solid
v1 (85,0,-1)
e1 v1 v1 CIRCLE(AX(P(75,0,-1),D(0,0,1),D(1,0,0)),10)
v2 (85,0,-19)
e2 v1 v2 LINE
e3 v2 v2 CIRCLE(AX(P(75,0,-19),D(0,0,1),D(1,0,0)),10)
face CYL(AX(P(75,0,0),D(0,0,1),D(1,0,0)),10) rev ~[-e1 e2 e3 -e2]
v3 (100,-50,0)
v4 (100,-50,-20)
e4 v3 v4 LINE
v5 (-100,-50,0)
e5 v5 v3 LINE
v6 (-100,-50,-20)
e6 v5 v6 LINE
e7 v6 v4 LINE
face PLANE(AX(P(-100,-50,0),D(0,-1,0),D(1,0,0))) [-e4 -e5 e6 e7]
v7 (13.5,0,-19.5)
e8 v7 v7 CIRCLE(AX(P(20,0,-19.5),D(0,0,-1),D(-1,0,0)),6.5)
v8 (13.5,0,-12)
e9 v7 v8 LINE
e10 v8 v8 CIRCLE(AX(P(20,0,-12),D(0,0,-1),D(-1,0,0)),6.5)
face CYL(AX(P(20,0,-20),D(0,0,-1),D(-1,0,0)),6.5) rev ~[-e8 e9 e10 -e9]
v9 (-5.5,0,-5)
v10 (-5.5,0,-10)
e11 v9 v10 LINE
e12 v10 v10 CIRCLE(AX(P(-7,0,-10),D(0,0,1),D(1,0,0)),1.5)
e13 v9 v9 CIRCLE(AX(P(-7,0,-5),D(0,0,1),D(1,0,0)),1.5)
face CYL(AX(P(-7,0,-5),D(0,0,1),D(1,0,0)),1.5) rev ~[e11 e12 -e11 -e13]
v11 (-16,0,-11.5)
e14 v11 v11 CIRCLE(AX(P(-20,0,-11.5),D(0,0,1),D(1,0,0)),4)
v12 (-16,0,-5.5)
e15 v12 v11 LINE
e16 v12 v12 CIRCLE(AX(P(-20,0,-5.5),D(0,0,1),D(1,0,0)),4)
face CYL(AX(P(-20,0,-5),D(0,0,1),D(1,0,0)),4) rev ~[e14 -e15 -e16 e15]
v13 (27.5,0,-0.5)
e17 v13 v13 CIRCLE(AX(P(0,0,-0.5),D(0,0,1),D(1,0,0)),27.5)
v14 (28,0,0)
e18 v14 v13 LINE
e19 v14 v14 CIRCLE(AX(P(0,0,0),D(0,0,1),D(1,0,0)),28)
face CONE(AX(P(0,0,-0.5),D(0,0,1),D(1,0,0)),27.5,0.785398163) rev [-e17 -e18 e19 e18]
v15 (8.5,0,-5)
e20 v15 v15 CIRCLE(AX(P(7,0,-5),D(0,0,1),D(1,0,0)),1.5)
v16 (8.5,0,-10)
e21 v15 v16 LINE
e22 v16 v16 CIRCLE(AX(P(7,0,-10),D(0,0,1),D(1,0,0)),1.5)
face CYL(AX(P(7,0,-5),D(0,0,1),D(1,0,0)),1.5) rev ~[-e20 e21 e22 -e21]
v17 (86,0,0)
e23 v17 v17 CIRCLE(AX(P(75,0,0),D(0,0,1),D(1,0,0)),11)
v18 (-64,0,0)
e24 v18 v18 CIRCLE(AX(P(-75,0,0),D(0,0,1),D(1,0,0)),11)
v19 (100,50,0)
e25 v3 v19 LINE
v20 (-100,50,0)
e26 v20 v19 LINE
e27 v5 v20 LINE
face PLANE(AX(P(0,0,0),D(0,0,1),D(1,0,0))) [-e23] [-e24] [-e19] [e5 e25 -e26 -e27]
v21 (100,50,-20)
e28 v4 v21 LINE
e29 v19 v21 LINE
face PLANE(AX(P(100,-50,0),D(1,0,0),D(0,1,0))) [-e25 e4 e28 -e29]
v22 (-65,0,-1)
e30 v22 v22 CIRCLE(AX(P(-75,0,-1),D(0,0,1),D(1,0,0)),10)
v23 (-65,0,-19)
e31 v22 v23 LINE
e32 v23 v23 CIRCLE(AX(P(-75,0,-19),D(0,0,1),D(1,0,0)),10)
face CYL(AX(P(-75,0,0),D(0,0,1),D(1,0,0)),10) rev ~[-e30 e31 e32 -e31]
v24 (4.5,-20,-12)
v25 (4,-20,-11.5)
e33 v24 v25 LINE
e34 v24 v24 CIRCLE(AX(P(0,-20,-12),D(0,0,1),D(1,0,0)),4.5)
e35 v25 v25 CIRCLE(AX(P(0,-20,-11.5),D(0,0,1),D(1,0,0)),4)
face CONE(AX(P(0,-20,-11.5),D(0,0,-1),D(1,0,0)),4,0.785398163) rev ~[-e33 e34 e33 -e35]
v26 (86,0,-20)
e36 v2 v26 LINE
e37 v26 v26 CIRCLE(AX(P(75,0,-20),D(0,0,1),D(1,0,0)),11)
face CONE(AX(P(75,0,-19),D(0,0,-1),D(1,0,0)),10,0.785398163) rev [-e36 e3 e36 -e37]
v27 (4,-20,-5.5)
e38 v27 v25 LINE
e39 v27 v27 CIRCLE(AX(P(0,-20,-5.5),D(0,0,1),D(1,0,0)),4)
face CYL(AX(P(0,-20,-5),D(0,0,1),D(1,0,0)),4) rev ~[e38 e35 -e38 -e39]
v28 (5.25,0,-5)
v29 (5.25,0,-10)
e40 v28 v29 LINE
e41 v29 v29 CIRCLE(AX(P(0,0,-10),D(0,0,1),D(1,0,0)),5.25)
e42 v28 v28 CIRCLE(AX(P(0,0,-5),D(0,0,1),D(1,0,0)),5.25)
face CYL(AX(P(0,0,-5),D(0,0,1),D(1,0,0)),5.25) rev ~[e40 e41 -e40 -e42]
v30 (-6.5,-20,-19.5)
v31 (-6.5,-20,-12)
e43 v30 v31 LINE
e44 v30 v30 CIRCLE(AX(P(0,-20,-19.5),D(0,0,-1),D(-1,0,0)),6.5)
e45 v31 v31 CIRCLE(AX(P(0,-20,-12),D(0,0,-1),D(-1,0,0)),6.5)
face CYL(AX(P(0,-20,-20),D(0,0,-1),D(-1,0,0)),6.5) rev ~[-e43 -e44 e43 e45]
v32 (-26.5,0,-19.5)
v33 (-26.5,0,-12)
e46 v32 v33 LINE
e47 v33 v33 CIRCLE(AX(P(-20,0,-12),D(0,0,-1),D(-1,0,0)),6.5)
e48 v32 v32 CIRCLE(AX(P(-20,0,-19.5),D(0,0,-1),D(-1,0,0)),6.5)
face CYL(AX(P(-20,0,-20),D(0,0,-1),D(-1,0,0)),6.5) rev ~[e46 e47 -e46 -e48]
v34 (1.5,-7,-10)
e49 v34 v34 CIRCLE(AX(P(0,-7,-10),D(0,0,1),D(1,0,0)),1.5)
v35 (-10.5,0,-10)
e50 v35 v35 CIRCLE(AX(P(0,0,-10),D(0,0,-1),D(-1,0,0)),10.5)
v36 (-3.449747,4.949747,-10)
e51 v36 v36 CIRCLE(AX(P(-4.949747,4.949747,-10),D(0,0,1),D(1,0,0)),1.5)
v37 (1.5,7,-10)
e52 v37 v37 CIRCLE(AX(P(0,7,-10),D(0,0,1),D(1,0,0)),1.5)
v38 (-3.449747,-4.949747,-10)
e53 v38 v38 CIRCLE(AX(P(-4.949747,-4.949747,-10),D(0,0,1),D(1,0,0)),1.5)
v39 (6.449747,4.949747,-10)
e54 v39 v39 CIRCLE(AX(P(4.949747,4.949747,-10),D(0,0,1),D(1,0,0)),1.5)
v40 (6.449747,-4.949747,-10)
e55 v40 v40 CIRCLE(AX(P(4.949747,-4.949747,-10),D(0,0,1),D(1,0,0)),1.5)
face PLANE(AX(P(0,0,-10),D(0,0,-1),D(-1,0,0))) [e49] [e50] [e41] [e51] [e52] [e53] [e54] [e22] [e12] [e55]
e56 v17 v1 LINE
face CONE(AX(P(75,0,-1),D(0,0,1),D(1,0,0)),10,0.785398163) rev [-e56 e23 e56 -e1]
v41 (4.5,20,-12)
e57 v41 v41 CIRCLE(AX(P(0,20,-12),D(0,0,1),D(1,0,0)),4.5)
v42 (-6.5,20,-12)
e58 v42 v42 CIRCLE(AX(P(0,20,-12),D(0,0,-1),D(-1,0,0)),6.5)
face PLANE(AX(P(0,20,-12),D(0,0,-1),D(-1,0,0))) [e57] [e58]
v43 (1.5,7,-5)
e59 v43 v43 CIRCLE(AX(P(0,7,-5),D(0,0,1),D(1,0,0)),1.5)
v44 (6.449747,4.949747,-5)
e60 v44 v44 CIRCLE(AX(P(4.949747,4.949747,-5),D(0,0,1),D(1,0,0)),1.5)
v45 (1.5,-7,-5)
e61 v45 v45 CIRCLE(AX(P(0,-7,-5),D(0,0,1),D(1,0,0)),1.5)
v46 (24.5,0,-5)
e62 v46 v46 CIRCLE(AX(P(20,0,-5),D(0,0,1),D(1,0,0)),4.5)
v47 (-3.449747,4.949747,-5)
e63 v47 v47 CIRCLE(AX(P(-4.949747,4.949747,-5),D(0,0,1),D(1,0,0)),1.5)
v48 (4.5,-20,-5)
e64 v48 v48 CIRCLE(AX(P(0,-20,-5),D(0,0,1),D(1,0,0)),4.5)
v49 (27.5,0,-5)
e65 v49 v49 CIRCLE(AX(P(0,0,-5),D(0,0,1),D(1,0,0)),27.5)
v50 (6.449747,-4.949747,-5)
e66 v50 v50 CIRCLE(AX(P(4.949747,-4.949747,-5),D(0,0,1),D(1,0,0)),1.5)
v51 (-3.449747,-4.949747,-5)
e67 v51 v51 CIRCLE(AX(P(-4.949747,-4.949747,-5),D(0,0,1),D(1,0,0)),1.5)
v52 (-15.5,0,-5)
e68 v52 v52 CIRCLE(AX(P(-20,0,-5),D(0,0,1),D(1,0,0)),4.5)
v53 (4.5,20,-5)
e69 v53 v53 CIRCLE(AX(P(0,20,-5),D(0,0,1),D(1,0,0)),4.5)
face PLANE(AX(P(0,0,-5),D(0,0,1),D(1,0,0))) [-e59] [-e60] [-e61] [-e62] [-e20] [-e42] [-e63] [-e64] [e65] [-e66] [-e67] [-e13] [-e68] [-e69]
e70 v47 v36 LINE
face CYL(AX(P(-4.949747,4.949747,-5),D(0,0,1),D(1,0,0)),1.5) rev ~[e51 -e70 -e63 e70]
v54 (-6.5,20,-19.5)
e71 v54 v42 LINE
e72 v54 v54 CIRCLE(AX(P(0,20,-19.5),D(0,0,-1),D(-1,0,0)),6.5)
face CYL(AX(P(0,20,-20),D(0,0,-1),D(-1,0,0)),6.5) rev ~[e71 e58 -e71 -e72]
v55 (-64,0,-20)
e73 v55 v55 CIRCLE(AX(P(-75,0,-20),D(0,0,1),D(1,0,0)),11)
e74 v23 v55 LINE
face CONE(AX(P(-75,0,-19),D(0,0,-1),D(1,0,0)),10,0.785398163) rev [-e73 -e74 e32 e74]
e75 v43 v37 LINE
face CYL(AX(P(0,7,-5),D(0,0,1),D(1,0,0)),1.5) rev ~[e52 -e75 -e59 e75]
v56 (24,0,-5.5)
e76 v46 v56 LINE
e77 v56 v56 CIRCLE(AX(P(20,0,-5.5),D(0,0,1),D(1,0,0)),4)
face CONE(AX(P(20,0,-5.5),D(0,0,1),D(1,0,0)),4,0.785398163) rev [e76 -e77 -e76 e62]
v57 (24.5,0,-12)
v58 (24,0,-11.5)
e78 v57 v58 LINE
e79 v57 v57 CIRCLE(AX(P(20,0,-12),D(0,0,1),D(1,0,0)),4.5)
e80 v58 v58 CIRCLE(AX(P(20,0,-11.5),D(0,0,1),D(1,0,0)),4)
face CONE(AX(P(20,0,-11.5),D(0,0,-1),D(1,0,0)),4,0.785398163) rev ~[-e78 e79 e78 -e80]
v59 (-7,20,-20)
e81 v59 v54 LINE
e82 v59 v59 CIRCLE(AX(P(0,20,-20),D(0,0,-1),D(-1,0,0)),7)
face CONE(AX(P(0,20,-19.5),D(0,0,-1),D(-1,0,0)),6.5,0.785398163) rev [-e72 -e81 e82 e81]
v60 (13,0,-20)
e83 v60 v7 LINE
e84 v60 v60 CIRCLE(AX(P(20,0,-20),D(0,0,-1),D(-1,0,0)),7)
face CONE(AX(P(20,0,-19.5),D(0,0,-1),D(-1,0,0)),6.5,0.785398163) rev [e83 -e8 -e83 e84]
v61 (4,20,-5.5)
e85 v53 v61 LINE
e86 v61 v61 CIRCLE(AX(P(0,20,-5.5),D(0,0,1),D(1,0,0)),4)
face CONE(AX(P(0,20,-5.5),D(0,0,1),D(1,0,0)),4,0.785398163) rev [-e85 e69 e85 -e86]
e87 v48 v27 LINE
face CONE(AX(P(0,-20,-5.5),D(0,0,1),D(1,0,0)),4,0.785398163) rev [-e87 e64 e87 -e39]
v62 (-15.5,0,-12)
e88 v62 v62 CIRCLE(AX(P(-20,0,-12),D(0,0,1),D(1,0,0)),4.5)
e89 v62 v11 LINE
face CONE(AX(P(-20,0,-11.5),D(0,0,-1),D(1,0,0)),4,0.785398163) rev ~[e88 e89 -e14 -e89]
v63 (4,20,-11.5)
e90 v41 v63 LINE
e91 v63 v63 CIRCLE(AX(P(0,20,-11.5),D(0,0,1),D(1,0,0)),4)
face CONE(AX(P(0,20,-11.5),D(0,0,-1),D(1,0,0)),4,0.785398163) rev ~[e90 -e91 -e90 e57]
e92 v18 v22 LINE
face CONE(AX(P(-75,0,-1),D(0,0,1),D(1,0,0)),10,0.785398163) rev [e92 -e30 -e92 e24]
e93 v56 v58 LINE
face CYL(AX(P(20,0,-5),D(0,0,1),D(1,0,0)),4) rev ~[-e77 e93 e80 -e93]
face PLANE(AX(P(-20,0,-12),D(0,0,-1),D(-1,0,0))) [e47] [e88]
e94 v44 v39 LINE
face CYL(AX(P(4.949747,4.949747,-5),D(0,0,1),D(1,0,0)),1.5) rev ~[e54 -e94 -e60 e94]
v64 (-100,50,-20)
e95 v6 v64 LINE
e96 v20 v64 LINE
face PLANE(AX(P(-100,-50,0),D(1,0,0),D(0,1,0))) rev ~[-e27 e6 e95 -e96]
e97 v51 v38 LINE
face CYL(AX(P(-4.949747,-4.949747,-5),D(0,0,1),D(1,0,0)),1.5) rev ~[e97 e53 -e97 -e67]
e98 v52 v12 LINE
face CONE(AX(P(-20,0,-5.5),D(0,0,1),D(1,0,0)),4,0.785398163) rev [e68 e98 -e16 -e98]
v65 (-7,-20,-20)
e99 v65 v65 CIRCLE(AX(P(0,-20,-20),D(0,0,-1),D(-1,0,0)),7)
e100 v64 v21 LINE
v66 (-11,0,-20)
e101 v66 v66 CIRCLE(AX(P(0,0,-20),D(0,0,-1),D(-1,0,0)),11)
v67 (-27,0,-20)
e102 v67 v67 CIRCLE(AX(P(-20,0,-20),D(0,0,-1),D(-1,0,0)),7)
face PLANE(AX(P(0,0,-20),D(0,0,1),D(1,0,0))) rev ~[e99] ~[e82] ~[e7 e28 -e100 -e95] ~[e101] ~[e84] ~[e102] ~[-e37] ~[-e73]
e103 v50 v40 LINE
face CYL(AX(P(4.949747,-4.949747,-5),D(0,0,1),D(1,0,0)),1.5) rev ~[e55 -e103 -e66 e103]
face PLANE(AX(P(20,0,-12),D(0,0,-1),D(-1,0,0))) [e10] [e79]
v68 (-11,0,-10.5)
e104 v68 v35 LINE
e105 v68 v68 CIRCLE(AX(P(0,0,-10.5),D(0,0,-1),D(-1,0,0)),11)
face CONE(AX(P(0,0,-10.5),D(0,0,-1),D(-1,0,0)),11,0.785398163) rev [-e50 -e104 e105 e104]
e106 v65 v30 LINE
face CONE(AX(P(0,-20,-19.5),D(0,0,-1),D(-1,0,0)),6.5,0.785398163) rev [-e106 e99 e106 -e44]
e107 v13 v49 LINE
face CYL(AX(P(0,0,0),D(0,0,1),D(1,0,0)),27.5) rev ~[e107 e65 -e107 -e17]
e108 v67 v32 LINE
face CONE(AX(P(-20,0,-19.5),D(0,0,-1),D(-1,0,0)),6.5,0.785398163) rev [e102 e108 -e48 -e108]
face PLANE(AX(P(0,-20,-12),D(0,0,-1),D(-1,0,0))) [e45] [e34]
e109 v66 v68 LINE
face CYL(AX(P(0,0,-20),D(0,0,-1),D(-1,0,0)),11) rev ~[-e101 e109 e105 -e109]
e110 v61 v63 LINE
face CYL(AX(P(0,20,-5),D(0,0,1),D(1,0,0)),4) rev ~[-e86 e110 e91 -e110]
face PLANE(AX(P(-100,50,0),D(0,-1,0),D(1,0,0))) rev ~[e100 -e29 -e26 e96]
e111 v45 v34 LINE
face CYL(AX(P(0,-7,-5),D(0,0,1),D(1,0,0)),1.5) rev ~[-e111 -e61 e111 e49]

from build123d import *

# Parameters (mm, degrees)
SKETCH1_W           = 200
SKETCH1_H           = 100
BOSS_EXTRUDE1_DEPTH = 20
SKETCH2_R           = 27.5
CUT_EXTRUDE1_DEPTH  = 5
SKETCH3_R           = 4
SKETCH3_R_2         = 5.25
CUT_EXTRUDE2_DEPTH  = 16
SKETCH4_R           = 6.5
CUT_EXTRUDE3_DEPTH  = 8
CHAMFER1_SIZE       = 0.5
SKETCH5_R           = 10
CUT_EXTRUDE4_DEPTH  = 21
CHAMFER2_SIZE       = 1
SKETCH7_R           = 11
CUT_EXTRUDE5_DEPTH  = 10
CHAMFER3_SIZE       = 0.5
SKETCH8_R           = 1.5
CUT_EXTRUDE6_DEPTH  = 16


with BuildPart() as part:
    # Sketch1 → Boss-Extrude1 (new body)
    with BuildSketch(Plane.XY):
        Rectangle(SKETCH1_W, SKETCH1_H)
    extrude(amount=-BOSS_EXTRUDE1_DEPTH)

    # Sketch2 → Cut-Extrude1 (cut)
    with BuildSketch(Plane.XY):
        Circle(SKETCH2_R)
    extrude(amount=-CUT_EXTRUDE1_DEPTH, mode=Mode.SUBTRACT)

    # Sketch3 → Cut-Extrude2 (cut, through all)
    with BuildSketch(Plane.XY.offset(-5)):
        with Locations((-20, 0)):
            Circle(SKETCH3_R)
        with Locations((0, 20)):
            Circle(SKETCH3_R)
        with Locations((20, 0)):
            Circle(SKETCH3_R)
        with Locations((0, -20)):
            Circle(SKETCH3_R)
        Circle(SKETCH3_R_2)
    extrude(amount=-CUT_EXTRUDE2_DEPTH, mode=Mode.SUBTRACT)

    # Sketch4 → Cut-Extrude3 (cut)
    with BuildSketch(Plane(origin=(0, 0, -20), x_dir=(-1, 0, 0), z_dir=(0, 0, -1))):
        with Locations((0, 20)):
            Circle(SKETCH4_R)
        with Locations((20, 0)):
            Circle(SKETCH4_R)
        with Locations((0, -20)):
            Circle(SKETCH4_R)
        with Locations((-20, 0)):
            Circle(SKETCH4_R)
    extrude(amount=-CUT_EXTRUDE3_DEPTH, mode=Mode.SUBTRACT)

    # Chamfer1
    chamfer1_edges = [part.edges().sort_by_distance(p)[0] for p in [
        (-27.5, 0, 0),
        (-24, 0, -5),
        (-4, -20, -5),
        (16, 0, -5),
        (-4, 20, -5),
        (6.5, 20, -20),
        (-4, 20, -12),
        (-13.5, 0, -20),
        (-24, 0, -12),
        (6.5, -20, -20),
        (-4, -20, -12),
        (26.5, 0, -20),
        (16, 0, -12),
    ]]
    chamfer(chamfer1_edges, length=CHAMFER1_SIZE)

    # Sketch5 → Cut-Extrude4 (cut, through all)
    with BuildSketch(Plane.XY):
        with Locations((75, 0)):
            Circle(SKETCH5_R)
        with Locations((-75, 0)):
            Circle(SKETCH5_R)
    extrude(amount=-CUT_EXTRUDE4_DEPTH, mode=Mode.SUBTRACT)

    # Chamfer2
    chamfer2_edges = [part.edges().sort_by_distance(p)[0] for p in [
        (65, 0, -20),
        (65, 0, 0),
        (-85, 0, -20),
        (-85, 0, 0),
    ]]
    chamfer(chamfer2_edges, length=CHAMFER2_SIZE)

    # Sketch7 → Cut-Extrude5 (cut)
    with BuildSketch(Plane(origin=(0, 0, -20), x_dir=(-1, 0, 0), z_dir=(0, 0, -1))):
        Circle(SKETCH7_R)
    extrude(amount=-CUT_EXTRUDE5_DEPTH, mode=Mode.SUBTRACT)

    # Chamfer3
    chamfer3_edges = [part.edges().sort_by_distance(p)[0] for p in [
        (11, 0, -10),
    ]]
    chamfer(chamfer3_edges, length=CHAMFER3_SIZE)

    # Sketch8 → Cut-Extrude6 (cut, through all)
    with BuildSketch(Plane.XY.offset(-5)):
        with Locations((0, 7)):
            Circle(SKETCH8_R)
        with Locations((4.949747468, 4.949747468)):
            Circle(SKETCH8_R)
        with Locations((7, 0)):
            Circle(SKETCH8_R)
        with Locations((4.949747468, -4.949747468)):
            Circle(SKETCH8_R)
        with Locations((0, -7)):
            Circle(SKETCH8_R)
        with Locations((-4.949747468, -4.949747468)):
            Circle(SKETCH8_R)
        with Locations((-7, 0)):
            Circle(SKETCH8_R)
        with Locations((-4.949747468, 4.949747468)):
            Circle(SKETCH8_R)
    extrude(amount=-CUT_EXTRUDE6_DEPTH, mode=Mode.SUBTRACT)


solid = part.part
